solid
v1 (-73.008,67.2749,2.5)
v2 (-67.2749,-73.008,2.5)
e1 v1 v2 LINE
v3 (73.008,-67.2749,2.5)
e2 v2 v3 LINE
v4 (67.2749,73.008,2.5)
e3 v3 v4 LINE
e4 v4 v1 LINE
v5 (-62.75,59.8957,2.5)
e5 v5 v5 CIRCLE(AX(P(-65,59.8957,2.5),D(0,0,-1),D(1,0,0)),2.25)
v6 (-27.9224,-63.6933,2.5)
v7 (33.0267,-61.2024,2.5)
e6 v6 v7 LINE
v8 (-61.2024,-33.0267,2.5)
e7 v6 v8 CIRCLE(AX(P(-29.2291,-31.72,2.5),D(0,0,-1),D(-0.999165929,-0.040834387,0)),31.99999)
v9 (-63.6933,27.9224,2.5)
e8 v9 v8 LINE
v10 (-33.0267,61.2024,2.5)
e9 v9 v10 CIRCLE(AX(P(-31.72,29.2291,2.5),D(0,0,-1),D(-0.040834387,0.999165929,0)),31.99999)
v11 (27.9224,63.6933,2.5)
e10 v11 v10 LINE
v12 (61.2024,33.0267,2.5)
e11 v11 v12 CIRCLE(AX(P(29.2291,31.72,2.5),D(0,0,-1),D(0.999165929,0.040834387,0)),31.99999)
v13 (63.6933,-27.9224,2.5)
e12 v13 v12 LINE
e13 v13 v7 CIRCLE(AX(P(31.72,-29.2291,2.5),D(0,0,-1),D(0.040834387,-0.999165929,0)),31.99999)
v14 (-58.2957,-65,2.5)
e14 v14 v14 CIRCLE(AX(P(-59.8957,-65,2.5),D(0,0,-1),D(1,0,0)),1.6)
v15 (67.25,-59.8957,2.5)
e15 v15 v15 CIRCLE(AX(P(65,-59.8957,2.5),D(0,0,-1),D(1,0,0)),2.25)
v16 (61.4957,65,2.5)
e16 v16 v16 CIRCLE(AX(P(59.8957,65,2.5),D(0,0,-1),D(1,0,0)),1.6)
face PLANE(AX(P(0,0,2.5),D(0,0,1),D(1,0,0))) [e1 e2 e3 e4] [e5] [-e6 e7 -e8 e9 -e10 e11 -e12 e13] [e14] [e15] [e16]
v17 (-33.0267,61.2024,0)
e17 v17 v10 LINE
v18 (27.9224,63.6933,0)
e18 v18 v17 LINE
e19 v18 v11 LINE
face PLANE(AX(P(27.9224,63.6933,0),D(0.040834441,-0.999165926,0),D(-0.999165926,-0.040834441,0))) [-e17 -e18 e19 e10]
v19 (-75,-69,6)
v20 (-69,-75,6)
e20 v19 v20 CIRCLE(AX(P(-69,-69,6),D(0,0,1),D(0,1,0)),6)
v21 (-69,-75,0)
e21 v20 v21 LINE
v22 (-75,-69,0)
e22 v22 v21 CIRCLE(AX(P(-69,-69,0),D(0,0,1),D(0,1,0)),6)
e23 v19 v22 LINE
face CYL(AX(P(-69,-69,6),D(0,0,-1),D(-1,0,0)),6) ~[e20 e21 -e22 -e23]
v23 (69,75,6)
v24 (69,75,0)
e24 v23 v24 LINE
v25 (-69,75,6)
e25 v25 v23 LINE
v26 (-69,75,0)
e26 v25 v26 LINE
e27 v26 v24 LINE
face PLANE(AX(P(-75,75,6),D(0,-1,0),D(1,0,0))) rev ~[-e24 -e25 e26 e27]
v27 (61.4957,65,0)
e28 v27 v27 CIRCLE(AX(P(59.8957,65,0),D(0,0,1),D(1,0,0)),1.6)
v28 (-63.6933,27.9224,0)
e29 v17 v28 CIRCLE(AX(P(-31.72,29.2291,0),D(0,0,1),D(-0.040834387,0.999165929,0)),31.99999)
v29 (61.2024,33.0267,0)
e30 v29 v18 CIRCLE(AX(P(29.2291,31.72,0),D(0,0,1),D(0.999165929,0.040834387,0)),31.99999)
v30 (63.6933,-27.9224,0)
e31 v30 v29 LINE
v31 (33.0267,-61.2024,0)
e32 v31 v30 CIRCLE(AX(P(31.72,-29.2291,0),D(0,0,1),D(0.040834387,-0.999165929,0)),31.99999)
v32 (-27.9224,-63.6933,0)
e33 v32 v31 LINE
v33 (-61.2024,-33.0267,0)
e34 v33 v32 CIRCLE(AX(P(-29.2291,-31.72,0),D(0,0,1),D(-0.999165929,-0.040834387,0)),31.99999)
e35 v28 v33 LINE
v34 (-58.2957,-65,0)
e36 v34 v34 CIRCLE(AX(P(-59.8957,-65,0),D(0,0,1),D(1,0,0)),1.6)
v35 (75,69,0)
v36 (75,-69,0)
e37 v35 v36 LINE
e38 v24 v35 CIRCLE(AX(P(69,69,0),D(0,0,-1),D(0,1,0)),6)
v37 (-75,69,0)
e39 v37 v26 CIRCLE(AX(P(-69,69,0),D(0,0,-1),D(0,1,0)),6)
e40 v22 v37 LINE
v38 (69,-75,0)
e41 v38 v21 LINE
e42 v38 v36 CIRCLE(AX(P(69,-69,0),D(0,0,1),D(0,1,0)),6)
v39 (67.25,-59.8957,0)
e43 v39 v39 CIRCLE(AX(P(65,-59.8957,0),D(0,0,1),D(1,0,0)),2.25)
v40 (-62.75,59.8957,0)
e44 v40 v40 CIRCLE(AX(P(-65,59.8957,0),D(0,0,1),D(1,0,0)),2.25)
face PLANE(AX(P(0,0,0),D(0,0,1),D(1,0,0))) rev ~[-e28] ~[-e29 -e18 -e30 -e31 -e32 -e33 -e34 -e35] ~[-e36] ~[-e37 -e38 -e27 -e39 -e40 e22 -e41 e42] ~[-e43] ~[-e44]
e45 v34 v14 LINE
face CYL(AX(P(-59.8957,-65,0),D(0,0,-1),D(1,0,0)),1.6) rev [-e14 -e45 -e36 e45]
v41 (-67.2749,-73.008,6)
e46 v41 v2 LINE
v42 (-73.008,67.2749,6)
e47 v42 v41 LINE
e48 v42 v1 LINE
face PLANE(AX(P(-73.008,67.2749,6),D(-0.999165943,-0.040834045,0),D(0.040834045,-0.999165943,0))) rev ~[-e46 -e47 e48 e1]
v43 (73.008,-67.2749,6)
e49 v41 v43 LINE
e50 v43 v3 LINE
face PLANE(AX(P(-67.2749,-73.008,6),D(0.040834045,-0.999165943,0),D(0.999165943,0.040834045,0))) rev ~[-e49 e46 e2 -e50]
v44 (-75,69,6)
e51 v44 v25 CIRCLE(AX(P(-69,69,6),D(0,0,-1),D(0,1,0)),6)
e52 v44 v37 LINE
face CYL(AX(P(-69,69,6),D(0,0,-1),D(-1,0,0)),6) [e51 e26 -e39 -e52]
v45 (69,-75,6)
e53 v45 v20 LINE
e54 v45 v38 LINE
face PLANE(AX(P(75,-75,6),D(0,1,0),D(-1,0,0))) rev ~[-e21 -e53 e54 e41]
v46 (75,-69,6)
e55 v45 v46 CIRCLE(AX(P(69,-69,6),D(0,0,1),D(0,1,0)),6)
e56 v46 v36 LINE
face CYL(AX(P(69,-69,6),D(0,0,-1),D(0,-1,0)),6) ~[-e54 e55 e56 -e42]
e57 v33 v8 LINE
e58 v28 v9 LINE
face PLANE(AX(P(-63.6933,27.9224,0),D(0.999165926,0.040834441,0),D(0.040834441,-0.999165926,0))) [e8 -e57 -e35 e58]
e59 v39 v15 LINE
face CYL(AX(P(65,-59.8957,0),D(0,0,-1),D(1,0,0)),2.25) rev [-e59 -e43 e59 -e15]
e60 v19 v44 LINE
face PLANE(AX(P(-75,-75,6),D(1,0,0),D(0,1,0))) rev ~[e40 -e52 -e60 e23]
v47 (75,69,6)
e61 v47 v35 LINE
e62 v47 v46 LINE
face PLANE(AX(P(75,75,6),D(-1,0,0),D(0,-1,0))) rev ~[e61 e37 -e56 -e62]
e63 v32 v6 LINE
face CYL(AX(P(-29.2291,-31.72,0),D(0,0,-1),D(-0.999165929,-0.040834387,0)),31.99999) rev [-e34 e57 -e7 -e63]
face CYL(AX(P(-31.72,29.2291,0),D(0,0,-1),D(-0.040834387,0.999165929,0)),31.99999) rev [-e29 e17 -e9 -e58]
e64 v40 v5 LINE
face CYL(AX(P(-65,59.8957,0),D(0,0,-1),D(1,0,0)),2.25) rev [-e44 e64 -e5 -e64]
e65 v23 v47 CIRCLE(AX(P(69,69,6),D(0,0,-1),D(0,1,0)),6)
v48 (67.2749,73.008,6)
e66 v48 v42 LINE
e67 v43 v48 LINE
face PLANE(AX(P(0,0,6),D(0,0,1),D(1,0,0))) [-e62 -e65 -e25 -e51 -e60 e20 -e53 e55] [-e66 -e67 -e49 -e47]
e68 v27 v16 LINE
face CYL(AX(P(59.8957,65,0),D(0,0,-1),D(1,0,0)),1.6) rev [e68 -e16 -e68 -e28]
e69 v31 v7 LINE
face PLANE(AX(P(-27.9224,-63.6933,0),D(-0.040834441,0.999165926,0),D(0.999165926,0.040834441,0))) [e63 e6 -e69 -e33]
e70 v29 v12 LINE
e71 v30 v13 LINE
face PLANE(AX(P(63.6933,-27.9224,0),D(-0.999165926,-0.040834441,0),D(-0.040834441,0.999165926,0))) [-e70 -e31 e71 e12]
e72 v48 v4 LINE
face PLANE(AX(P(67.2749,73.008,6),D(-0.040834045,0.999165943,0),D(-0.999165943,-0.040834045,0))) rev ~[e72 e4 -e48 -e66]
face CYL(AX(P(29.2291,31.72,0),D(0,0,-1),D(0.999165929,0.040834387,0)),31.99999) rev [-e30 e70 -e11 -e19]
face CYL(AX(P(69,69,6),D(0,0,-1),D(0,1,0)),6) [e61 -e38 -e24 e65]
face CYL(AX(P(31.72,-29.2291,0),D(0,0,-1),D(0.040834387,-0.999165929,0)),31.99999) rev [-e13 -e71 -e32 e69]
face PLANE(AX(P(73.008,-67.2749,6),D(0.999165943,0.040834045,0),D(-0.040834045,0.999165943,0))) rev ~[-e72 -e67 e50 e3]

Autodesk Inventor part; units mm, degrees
ref_plane "YZ Plane" through (0, 0, 0) normal (1, 0, 0) x (0, 1, 0)
ref_plane "XZ Plane" through (0, 0, 0) normal (0, 1, 0) x (-1, 0, 0)
ref_plane "XY Plane" through (0, 0, 0) normal (0, 0, 1) x (1, 0, 0)
sketch "スケッチ1" plane through (0, 0, 0) normal (0, 0, 1) x (1, 0, 0)
  line L0 (-75, -215) -> (75, -215)
  line L1 (75, -215) -> (75, 215)
  line L2 (75, 215) -> (-75, 215)
  line L3 (-75, 215) -> (-75, -215)
  line L4 (-75, -215) -> (75, 215) construction
  line L5 (75, -215) -> (-75, 215) construction
  line L6 (-65, -215) -> (-65, 215) construction
  line L7 (-65, 59.8957) -> (59.8957, 65) construction
  line L8 (59.8957, 65) -> (65, -59.8957) construction
  line L9 (65, -59.8957) -> (-59.8957, -65) construction
  line L10 (-59.8957, -65) -> (-65, 59.8957) construction
  line L11 (-65, 59.8957) -> (65, -59.8957) construction
  line L12 (59.8957, 65) -> (-59.8957, -65) construction
  circle A0 centre (-65, 59.8957) radius 2.25
  line L13 (-67.0832, -72.8) -> (72.8, -67.0832) construction
  line L14 (72.8, -67.0832) -> (67.0832, 72.8) construction
  line L15 (67.0832, 72.8) -> (-72.8, 67.0832) construction
  line L16 (-72.8, 67.0832) -> (-67.0832, -72.8) construction
  line L17 (-67.0832, -72.8) -> (67.0832, 72.8) construction
  line L18 (72.8, -67.0832) -> (-72.8, 67.0832) construction
  line L19 (0, 0) -> (0, 70.0584) construction
  circle A1 centre (65, -59.8957) radius 2.25
  circle A2 centre (59.8957, 65) radius 1.6
  circle A3 centre (-59.8957, -65) radius 1.6
  line L20 (-63.6933, 27.9224) -> (-61.2024, -33.0267)
  line L21 (-27.9224, -63.6933) -> (33.0267, -61.2024)
  line L22 (63.6933, -27.9224) -> (61.2024, 33.0267)
  line L23 (27.9224, 63.6933) -> (-33.0267, 61.2024)
  line L24 (-62.4479, -2.5521) -> (62.4479, 2.5521) construction
  arc A4 (-33.0267, 61.2024) -> (-63.6933, 27.9224) centre (-31.72, 29.2291) ccw
  arc A5 (61.2024, 33.0267) -> (27.9224, 63.6933) centre (29.2291, 31.72) ccw
  arc A6 (33.0267, -61.2024) -> (63.6933, -27.9224) centre (31.72, -29.2291) ccw
  arc A7 (-61.2024, -33.0267) -> (-27.9224, -63.6933) centre (-29.2291, -31.72) ccw
  circle A8 centre (-65, -81.1043) radius 2.25
  circle A9 centre (-59.8957, -206) radius 1.6
  circle A10 centre (65, -200.8957) radius 2.25
  circle A11 centre (59.8957, -76) radius 1.6
  arc A12 (61.2024, -107.9733) -> (27.9224, -77.3067) centre (29.2291, -109.28) ccw
  line L25 (27.9224, -77.3067) -> (-33.0267, -79.7976)
  arc A13 (-33.0267, -79.7976) -> (-63.6933, -113.0776) centre (-31.72, -111.7709) ccw
  line L26 (-63.6933, -113.0776) -> (-61.2024, -174.0267)
  arc A14 (-61.2024, -174.0267) -> (-27.9224, -204.6933) centre (-29.2291, -172.72) ccw
  line L27 (-27.9224, -204.6933) -> (33.0267, -202.2024)
  arc A15 (33.0267, -202.2024) -> (63.6933, -168.9224) centre (31.72, -170.2291) ccw
  line L28 (63.6933, -168.9224) -> (61.2024, -107.9733)
  circle A16 centre (-65, 200.8957) radius 2.25
  circle A17 centre (-59.8957, 76) radius 1.6
  circle A18 centre (65, 81.1043) radius 2.25
  circle A19 centre (59.8957, 206) radius 1.6
  arc A20 (61.2024, 174.0267) -> (27.9224, 204.6933) centre (29.2291, 172.72) ccw
  line L29 (27.9224, 204.6933) -> (-33.0267, 202.2024)
  arc A21 (-33.0267, 202.2024) -> (-63.6933, 168.9224) centre (-31.72, 170.2291) ccw
  line L30 (-63.6933, 168.9224) -> (-61.2024, 107.9733)
  arc A22 (-61.2024, 107.9733) -> (-27.9224, 77.3067) centre (-29.2291, 109.28) ccw
  line L31 (-27.9224, 77.3067) -> (33.0267, 79.7976)
  arc A23 (33.0267, 79.7976) -> (63.6933, 113.0776) centre (31.72, 111.7709) ccw
  line L32 (63.6933, 113.0776) -> (61.2024, 174.0267)
  circle A24 centre (-65, 59.8957) radius 2.25
  circle A25 centre (-59.8957, -65) radius 1.6
  circle A26 centre (65, -59.8957) radius 2.25
  circle A27 centre (59.8957, 65) radius 1.6
  arc A28 (61.2024, 33.0267) -> (27.9224, 63.6933) centre (29.2291, 31.72) ccw
  line L33 (27.9224, 63.6933) -> (-33.0267, 61.2024)
  arc A29 (-33.0267, 61.2024) -> (-63.6933, 27.9224) centre (-31.72, 29.2291) ccw
  line L34 (-63.6933, 27.9224) -> (-61.2024, -33.0267)
  arc A30 (-61.2024, -33.0267) -> (-27.9224, -63.6933) centre (-29.2291, -31.72) ccw
  line L35 (-27.9224, -63.6933) -> (33.0267, -61.2024)
  arc A31 (33.0267, -61.2024) -> (63.6933, -27.9224) centre (31.72, -29.2291) ccw
  line L36 (63.6933, -27.9224) -> (61.2024, 33.0267)
  point P0 (-65, 59.8957)
  point P1 (59.8957, 65)
  point P2 (-65, -81.1043)
  point P3 (59.8957, -76)
  point P4 (-62.4479, -143.5521)
  point P5 (62.4479, -138.4479)
  point P6 (-65, 200.8957)
  point P7 (59.8957, 206)
  point P8 (-62.4479, 138.4479)
  point P9 (62.4479, 143.5521)
  point P10 (-65, 59.8957)
  point P11 (59.8957, 65)
  dimension "d0" = 150
  dimension "d1" = 430
  dimension "d3" = 65
  dimension "d4" = 125
  dimension "d7" = 4.5
  dimension "d8" = 140
  dimension "d9" = 70.0584
  dimension "d10" = 3.2
  dimension "d24" = 125
  dimension "d25" = 32
  dimension "d28" = 141
  dimension "d31" = 141
extrude "押し出し1" add sketch "スケッチ1" along normal blind 6 contours L3 L2 L1 L0 | A8 | A11 | A17 | A18
sketch "スケッチ4" plane through (0, 0, 6) normal (0, 0, 1) x (1, 0, 0)
  line L0 (-75, 75) -> (75, 75)
  line L1 (75, 75) -> (75, -75)
  line L2 (75, -75) -> (-75, -75)
  line L3 (-75, -75) -> (-75, 75)
  point P0 (0, 0)
  point P1 (-75, 0)
  point P2 (0, 75)
  dimension "d43" = 150
  dimension "d46" = 150
extrude "押し出し3" cut sketch "スケッチ4" against normal through all keep common part
sketch "スケッチ5" plane through (0, 0, 6) normal (0, 0, 1) x (1, 0, 0)
  line L0 (-73.008, 67.2749) -> (-67.2749, -73.008)
  line L1 (-67.2749, -73.008) -> (73.008, -67.2749)
  line L2 (73.008, -67.2749) -> (67.2749, 73.008)
  line L3 (67.2749, 73.008) -> (-73.008, 67.2749)
  line L4 (-33.0267, 61.2024) -> (27.9224, 63.6933) construction
  line L5 (67.2749, 73.008) -> (-67.2749, -73.008) construction
  point P0 (0, 0)
  point P1 (0, 0)
  dimension "d47" = 140.4
extrude "押し出し4" cut sketch "スケッチ5" against normal blind 3.5
fillet "フィレット2" radius 6 4 edges at (-75, 75, 3) (-75, -75, 3) (75, -75, 3) (75, 75, 3)
properties part number "bottom_140mm" material "アルミニウム 6061"
